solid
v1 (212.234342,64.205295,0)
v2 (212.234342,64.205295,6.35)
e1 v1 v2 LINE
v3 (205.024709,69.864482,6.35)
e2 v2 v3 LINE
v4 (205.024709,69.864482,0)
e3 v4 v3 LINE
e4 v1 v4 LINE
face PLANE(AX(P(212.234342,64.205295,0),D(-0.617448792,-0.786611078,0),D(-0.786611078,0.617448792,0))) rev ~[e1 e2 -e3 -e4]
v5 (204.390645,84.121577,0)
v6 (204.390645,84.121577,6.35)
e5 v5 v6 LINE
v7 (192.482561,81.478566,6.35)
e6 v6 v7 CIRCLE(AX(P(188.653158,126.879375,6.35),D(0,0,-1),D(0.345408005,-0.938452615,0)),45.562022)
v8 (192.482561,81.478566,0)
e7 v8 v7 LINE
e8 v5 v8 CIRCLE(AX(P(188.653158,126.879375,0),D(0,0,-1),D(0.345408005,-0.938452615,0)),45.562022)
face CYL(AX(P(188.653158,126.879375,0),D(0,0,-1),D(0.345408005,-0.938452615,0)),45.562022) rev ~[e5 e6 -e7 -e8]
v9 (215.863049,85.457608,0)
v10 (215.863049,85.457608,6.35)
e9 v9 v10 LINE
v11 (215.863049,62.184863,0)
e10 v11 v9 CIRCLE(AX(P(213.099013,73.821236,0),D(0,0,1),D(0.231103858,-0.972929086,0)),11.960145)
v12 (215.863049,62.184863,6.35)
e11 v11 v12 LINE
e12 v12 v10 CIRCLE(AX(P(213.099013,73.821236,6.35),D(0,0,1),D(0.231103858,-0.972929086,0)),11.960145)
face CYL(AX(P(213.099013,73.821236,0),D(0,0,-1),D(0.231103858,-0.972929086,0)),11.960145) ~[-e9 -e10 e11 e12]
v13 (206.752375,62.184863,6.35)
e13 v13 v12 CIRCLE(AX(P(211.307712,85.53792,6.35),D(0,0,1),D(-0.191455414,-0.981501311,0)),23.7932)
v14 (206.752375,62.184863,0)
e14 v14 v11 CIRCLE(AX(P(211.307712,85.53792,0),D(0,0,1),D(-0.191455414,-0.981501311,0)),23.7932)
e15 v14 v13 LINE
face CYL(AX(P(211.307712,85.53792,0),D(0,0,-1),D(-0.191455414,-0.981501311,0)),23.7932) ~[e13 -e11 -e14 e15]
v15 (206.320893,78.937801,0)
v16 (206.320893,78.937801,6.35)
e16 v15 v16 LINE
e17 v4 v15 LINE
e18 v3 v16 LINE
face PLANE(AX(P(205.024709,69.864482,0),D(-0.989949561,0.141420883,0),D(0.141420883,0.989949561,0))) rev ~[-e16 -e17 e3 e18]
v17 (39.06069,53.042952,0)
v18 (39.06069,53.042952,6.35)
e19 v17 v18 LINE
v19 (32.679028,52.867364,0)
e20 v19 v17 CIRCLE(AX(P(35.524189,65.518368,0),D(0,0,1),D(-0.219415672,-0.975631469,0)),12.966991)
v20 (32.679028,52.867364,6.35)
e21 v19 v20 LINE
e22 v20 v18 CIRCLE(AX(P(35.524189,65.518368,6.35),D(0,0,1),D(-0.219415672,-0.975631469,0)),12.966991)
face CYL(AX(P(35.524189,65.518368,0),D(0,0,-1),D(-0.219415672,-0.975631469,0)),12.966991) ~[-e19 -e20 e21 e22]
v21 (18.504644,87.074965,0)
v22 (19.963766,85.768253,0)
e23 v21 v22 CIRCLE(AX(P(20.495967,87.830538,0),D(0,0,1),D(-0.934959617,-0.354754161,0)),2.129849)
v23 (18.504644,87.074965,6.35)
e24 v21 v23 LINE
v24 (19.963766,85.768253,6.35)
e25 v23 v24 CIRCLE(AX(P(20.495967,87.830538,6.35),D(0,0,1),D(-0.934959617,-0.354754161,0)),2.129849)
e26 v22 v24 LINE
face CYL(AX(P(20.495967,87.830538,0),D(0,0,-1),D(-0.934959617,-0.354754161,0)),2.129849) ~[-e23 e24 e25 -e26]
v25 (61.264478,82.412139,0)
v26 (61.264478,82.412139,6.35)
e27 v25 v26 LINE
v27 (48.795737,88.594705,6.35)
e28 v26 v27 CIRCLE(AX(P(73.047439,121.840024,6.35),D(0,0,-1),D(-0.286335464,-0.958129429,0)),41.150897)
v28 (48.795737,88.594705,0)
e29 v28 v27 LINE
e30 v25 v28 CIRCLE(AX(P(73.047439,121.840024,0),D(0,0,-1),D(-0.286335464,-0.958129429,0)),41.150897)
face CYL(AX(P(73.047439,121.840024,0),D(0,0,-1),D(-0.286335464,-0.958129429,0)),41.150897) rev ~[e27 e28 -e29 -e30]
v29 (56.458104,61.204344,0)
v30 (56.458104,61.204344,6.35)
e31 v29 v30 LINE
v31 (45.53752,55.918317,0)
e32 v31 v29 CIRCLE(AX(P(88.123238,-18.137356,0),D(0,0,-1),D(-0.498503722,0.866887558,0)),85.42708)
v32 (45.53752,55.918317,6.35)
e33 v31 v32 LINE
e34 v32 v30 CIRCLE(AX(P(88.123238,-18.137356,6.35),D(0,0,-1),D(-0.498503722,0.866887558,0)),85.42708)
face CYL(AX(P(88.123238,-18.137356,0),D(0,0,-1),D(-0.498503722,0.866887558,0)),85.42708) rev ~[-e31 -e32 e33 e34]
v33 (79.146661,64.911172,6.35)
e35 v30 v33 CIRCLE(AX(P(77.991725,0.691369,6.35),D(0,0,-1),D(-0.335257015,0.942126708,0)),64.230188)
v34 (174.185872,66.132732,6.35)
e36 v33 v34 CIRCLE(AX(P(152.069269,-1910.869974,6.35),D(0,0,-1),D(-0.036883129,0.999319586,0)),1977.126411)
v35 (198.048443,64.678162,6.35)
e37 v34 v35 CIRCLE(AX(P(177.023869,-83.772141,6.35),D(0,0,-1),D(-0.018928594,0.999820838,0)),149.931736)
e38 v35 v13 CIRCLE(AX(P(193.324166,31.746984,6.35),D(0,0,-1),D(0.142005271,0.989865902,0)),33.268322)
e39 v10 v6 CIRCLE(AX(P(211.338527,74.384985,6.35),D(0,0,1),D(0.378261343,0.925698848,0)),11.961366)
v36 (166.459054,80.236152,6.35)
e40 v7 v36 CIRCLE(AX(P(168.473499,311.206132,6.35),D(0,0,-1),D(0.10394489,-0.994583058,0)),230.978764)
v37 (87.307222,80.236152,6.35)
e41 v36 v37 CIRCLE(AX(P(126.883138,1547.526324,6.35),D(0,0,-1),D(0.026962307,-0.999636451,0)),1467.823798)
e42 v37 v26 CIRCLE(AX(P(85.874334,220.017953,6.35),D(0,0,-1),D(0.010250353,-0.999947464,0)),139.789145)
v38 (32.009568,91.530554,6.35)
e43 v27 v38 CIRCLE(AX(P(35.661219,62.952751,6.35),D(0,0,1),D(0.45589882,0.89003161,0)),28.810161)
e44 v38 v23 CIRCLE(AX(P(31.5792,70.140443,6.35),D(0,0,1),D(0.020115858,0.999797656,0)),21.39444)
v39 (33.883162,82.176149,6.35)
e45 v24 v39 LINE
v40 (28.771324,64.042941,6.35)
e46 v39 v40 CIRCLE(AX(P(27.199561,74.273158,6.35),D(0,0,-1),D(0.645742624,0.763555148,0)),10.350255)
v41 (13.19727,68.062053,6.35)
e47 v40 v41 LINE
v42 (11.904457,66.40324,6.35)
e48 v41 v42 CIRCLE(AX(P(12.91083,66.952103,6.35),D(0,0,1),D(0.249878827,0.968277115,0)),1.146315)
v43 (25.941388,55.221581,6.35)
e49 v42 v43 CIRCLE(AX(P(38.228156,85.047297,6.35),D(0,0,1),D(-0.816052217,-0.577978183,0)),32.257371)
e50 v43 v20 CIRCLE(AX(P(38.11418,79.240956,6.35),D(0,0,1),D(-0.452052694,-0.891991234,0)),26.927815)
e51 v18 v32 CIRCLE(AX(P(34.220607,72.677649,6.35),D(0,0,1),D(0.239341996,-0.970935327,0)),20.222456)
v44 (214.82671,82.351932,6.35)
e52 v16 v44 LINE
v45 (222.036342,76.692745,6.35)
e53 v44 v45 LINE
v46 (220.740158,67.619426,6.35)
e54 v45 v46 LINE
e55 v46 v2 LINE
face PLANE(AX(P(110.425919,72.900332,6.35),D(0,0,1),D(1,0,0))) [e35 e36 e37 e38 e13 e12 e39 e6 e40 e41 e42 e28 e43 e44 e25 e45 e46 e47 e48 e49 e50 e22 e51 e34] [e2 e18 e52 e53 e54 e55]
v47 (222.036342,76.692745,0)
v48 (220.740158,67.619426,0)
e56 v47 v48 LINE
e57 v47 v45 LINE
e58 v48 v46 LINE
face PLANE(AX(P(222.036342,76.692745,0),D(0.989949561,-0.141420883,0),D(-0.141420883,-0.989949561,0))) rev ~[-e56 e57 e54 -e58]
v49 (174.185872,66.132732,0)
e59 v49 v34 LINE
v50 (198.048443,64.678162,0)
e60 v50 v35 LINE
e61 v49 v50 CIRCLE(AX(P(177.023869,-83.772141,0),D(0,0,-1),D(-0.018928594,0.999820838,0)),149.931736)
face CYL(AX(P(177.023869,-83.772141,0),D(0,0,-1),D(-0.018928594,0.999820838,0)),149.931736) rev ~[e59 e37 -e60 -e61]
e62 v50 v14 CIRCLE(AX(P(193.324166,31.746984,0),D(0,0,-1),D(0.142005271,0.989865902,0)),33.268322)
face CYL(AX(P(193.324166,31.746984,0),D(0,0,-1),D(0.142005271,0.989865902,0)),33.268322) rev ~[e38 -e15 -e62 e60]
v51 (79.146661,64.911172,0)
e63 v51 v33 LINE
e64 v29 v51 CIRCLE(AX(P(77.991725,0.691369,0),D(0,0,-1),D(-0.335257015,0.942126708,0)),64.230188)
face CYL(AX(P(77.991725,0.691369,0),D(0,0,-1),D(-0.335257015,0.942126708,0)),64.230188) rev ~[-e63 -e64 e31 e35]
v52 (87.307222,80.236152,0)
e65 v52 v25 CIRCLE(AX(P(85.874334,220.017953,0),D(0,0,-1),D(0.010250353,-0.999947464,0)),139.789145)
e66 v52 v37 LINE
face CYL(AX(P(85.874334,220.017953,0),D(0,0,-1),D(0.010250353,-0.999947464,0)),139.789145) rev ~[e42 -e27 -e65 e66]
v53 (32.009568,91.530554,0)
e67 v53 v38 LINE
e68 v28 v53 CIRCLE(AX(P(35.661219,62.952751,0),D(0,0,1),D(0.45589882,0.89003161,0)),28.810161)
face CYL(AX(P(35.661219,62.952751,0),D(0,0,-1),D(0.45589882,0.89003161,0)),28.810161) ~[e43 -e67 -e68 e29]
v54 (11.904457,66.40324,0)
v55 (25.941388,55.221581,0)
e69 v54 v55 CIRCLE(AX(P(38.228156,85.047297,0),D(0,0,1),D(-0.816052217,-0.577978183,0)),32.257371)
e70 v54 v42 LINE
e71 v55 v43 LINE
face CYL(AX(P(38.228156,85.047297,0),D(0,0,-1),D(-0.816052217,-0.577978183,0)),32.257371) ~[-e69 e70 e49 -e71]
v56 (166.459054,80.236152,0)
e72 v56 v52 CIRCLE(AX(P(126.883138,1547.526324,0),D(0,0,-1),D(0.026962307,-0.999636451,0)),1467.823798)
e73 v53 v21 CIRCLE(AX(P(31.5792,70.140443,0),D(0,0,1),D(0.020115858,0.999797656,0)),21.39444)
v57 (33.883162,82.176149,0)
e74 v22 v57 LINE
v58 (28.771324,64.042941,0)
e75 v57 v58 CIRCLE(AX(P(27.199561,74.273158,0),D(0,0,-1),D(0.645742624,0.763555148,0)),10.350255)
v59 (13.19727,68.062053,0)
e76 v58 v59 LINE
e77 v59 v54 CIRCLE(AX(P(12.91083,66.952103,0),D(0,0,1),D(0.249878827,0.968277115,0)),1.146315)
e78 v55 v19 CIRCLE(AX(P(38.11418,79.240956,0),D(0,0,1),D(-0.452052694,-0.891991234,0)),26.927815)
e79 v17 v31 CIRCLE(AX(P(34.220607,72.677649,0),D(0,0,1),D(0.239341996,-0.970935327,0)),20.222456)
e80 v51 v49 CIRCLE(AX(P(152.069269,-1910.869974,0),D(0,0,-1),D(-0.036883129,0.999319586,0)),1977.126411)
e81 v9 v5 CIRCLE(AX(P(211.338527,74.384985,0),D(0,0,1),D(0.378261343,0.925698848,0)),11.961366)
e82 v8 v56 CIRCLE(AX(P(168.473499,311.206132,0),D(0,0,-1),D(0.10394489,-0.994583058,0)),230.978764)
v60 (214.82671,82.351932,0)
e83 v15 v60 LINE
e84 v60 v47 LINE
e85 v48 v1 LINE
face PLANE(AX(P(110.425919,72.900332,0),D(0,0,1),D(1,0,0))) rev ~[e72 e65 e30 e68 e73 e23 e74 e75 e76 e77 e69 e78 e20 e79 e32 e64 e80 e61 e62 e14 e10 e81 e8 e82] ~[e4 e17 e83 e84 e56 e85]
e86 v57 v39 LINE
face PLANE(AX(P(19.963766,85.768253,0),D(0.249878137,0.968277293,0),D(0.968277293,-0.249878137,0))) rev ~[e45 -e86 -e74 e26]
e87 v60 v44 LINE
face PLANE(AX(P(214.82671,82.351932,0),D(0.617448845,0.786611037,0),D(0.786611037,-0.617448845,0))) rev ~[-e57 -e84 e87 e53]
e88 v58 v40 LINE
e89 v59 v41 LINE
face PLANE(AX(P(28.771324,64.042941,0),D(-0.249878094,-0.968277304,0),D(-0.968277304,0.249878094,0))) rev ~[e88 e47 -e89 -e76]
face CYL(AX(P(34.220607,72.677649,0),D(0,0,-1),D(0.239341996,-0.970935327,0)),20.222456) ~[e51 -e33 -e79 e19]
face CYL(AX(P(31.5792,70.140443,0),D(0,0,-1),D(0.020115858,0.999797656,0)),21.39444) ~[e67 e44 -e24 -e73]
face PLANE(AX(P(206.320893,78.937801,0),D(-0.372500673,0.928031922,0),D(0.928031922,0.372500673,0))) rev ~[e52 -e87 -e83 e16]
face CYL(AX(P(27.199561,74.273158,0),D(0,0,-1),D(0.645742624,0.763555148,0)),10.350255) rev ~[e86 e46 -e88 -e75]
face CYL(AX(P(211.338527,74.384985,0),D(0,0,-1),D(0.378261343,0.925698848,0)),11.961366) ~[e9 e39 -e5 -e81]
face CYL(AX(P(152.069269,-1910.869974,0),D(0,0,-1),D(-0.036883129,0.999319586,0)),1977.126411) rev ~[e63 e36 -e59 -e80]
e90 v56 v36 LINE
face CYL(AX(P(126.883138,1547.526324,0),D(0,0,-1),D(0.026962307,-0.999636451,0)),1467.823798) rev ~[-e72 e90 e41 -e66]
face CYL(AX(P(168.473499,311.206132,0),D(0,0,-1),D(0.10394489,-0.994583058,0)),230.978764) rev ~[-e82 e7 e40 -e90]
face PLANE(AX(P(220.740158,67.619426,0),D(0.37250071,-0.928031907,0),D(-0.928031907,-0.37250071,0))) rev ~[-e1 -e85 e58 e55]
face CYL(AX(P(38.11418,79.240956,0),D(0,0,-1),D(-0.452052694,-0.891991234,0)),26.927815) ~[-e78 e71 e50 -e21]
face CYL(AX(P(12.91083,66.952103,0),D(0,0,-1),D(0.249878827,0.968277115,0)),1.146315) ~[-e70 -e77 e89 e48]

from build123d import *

# Parameters (mm, degrees)
F1_DEPTH = 6.35


with BuildPart() as f1:
    # F0 (on Top) → F1 (new body)
    with BuildSketch(Plane.XY):
        with BuildLine():
            Line((19.963766, 85.768253), (33.883162, 82.176149))
            ThreePointArc((33.883162, 82.176149), (37.161542, 71.464828), (28.771324, 64.042941))
            Line((28.771324, 64.042941), (13.19727, 68.062053))
            ThreePointArc((13.19727, 68.062053), (12.006678, 67.656763), (11.904457, 66.40324))
            ThreePointArc((11.904457, 66.40324), (18.129663, 59.81659), (25.941388, 55.221581))
            ThreePointArc((25.941388, 55.221581), (29.231866, 53.820261), (32.679028, 52.867364))
            ThreePointArc((32.679028, 52.867364), (35.880834, 52.556283), (39.06069, 53.042952))
            ThreePointArc((39.06069, 53.042952), (42.426036, 54.19472), (45.53752, 55.918317))
            ThreePointArc((45.53752, 55.918317), (50.903851, 58.755448), (56.458104, 61.204344))
            ThreePointArc((56.458104, 61.204344), (67.635189, 64.081109), (79.146661, 64.911172))
            ThreePointArc((79.146661, 64.911172), (126.658925, 66.093141), (174.185872, 66.132732))
            ThreePointArc((174.185872, 66.132732), (186.146195, 65.881821), (198.048443, 64.678162))
            ThreePointArc((198.048443, 64.678162), (202.485624, 63.728994), (206.752375, 62.184863))
            ThreePointArc((206.752375, 62.184863), (211.307712, 61.74472), (215.863049, 62.184863))
            ThreePointArc((215.863049, 62.184863), (225.059158, 73.821235), (215.863049, 85.457608))
            ThreePointArc((215.863049, 85.457608), (209.954904, 86.266057), (204.390645, 84.121577))
            ThreePointArc((204.390645, 84.121577), (198.525451, 82.399766), (192.482561, 81.478566))
            ThreePointArc((192.482561, 81.478566), (179.488338, 80.490153), (166.459054, 80.236152))
            ThreePointArc((166.459054, 80.236152), (126.883138, 79.702526), (87.307222, 80.236152))
            ThreePointArc((87.307222, 80.236152), (74.234888, 80.714226), (61.264478, 82.412139))
            ThreePointArc((61.264478, 82.412139), (54.766841, 84.972477), (48.795737, 88.594705))
            ThreePointArc((48.795737, 88.594705), (40.624685, 91.332134), (32.009568, 91.530554))
            ThreePointArc((32.009568, 91.530554), (24.876071, 90.45768), (18.504644, 87.074965))
            ThreePointArc((18.504644, 87.074965), (19.075081, 86.243925), (19.963766, 85.768253))
        make_face()
        Polygon((214.82671, 82.351932), (222.036342, 76.692745), (220.740158, 67.619426), (212.234342, 64.205295), (205.024709, 69.864482), (206.320893, 78.937801), align=None, mode=Mode.SUBTRACT)
    extrude(amount=F1_DEPTH)


solid = f1.part
